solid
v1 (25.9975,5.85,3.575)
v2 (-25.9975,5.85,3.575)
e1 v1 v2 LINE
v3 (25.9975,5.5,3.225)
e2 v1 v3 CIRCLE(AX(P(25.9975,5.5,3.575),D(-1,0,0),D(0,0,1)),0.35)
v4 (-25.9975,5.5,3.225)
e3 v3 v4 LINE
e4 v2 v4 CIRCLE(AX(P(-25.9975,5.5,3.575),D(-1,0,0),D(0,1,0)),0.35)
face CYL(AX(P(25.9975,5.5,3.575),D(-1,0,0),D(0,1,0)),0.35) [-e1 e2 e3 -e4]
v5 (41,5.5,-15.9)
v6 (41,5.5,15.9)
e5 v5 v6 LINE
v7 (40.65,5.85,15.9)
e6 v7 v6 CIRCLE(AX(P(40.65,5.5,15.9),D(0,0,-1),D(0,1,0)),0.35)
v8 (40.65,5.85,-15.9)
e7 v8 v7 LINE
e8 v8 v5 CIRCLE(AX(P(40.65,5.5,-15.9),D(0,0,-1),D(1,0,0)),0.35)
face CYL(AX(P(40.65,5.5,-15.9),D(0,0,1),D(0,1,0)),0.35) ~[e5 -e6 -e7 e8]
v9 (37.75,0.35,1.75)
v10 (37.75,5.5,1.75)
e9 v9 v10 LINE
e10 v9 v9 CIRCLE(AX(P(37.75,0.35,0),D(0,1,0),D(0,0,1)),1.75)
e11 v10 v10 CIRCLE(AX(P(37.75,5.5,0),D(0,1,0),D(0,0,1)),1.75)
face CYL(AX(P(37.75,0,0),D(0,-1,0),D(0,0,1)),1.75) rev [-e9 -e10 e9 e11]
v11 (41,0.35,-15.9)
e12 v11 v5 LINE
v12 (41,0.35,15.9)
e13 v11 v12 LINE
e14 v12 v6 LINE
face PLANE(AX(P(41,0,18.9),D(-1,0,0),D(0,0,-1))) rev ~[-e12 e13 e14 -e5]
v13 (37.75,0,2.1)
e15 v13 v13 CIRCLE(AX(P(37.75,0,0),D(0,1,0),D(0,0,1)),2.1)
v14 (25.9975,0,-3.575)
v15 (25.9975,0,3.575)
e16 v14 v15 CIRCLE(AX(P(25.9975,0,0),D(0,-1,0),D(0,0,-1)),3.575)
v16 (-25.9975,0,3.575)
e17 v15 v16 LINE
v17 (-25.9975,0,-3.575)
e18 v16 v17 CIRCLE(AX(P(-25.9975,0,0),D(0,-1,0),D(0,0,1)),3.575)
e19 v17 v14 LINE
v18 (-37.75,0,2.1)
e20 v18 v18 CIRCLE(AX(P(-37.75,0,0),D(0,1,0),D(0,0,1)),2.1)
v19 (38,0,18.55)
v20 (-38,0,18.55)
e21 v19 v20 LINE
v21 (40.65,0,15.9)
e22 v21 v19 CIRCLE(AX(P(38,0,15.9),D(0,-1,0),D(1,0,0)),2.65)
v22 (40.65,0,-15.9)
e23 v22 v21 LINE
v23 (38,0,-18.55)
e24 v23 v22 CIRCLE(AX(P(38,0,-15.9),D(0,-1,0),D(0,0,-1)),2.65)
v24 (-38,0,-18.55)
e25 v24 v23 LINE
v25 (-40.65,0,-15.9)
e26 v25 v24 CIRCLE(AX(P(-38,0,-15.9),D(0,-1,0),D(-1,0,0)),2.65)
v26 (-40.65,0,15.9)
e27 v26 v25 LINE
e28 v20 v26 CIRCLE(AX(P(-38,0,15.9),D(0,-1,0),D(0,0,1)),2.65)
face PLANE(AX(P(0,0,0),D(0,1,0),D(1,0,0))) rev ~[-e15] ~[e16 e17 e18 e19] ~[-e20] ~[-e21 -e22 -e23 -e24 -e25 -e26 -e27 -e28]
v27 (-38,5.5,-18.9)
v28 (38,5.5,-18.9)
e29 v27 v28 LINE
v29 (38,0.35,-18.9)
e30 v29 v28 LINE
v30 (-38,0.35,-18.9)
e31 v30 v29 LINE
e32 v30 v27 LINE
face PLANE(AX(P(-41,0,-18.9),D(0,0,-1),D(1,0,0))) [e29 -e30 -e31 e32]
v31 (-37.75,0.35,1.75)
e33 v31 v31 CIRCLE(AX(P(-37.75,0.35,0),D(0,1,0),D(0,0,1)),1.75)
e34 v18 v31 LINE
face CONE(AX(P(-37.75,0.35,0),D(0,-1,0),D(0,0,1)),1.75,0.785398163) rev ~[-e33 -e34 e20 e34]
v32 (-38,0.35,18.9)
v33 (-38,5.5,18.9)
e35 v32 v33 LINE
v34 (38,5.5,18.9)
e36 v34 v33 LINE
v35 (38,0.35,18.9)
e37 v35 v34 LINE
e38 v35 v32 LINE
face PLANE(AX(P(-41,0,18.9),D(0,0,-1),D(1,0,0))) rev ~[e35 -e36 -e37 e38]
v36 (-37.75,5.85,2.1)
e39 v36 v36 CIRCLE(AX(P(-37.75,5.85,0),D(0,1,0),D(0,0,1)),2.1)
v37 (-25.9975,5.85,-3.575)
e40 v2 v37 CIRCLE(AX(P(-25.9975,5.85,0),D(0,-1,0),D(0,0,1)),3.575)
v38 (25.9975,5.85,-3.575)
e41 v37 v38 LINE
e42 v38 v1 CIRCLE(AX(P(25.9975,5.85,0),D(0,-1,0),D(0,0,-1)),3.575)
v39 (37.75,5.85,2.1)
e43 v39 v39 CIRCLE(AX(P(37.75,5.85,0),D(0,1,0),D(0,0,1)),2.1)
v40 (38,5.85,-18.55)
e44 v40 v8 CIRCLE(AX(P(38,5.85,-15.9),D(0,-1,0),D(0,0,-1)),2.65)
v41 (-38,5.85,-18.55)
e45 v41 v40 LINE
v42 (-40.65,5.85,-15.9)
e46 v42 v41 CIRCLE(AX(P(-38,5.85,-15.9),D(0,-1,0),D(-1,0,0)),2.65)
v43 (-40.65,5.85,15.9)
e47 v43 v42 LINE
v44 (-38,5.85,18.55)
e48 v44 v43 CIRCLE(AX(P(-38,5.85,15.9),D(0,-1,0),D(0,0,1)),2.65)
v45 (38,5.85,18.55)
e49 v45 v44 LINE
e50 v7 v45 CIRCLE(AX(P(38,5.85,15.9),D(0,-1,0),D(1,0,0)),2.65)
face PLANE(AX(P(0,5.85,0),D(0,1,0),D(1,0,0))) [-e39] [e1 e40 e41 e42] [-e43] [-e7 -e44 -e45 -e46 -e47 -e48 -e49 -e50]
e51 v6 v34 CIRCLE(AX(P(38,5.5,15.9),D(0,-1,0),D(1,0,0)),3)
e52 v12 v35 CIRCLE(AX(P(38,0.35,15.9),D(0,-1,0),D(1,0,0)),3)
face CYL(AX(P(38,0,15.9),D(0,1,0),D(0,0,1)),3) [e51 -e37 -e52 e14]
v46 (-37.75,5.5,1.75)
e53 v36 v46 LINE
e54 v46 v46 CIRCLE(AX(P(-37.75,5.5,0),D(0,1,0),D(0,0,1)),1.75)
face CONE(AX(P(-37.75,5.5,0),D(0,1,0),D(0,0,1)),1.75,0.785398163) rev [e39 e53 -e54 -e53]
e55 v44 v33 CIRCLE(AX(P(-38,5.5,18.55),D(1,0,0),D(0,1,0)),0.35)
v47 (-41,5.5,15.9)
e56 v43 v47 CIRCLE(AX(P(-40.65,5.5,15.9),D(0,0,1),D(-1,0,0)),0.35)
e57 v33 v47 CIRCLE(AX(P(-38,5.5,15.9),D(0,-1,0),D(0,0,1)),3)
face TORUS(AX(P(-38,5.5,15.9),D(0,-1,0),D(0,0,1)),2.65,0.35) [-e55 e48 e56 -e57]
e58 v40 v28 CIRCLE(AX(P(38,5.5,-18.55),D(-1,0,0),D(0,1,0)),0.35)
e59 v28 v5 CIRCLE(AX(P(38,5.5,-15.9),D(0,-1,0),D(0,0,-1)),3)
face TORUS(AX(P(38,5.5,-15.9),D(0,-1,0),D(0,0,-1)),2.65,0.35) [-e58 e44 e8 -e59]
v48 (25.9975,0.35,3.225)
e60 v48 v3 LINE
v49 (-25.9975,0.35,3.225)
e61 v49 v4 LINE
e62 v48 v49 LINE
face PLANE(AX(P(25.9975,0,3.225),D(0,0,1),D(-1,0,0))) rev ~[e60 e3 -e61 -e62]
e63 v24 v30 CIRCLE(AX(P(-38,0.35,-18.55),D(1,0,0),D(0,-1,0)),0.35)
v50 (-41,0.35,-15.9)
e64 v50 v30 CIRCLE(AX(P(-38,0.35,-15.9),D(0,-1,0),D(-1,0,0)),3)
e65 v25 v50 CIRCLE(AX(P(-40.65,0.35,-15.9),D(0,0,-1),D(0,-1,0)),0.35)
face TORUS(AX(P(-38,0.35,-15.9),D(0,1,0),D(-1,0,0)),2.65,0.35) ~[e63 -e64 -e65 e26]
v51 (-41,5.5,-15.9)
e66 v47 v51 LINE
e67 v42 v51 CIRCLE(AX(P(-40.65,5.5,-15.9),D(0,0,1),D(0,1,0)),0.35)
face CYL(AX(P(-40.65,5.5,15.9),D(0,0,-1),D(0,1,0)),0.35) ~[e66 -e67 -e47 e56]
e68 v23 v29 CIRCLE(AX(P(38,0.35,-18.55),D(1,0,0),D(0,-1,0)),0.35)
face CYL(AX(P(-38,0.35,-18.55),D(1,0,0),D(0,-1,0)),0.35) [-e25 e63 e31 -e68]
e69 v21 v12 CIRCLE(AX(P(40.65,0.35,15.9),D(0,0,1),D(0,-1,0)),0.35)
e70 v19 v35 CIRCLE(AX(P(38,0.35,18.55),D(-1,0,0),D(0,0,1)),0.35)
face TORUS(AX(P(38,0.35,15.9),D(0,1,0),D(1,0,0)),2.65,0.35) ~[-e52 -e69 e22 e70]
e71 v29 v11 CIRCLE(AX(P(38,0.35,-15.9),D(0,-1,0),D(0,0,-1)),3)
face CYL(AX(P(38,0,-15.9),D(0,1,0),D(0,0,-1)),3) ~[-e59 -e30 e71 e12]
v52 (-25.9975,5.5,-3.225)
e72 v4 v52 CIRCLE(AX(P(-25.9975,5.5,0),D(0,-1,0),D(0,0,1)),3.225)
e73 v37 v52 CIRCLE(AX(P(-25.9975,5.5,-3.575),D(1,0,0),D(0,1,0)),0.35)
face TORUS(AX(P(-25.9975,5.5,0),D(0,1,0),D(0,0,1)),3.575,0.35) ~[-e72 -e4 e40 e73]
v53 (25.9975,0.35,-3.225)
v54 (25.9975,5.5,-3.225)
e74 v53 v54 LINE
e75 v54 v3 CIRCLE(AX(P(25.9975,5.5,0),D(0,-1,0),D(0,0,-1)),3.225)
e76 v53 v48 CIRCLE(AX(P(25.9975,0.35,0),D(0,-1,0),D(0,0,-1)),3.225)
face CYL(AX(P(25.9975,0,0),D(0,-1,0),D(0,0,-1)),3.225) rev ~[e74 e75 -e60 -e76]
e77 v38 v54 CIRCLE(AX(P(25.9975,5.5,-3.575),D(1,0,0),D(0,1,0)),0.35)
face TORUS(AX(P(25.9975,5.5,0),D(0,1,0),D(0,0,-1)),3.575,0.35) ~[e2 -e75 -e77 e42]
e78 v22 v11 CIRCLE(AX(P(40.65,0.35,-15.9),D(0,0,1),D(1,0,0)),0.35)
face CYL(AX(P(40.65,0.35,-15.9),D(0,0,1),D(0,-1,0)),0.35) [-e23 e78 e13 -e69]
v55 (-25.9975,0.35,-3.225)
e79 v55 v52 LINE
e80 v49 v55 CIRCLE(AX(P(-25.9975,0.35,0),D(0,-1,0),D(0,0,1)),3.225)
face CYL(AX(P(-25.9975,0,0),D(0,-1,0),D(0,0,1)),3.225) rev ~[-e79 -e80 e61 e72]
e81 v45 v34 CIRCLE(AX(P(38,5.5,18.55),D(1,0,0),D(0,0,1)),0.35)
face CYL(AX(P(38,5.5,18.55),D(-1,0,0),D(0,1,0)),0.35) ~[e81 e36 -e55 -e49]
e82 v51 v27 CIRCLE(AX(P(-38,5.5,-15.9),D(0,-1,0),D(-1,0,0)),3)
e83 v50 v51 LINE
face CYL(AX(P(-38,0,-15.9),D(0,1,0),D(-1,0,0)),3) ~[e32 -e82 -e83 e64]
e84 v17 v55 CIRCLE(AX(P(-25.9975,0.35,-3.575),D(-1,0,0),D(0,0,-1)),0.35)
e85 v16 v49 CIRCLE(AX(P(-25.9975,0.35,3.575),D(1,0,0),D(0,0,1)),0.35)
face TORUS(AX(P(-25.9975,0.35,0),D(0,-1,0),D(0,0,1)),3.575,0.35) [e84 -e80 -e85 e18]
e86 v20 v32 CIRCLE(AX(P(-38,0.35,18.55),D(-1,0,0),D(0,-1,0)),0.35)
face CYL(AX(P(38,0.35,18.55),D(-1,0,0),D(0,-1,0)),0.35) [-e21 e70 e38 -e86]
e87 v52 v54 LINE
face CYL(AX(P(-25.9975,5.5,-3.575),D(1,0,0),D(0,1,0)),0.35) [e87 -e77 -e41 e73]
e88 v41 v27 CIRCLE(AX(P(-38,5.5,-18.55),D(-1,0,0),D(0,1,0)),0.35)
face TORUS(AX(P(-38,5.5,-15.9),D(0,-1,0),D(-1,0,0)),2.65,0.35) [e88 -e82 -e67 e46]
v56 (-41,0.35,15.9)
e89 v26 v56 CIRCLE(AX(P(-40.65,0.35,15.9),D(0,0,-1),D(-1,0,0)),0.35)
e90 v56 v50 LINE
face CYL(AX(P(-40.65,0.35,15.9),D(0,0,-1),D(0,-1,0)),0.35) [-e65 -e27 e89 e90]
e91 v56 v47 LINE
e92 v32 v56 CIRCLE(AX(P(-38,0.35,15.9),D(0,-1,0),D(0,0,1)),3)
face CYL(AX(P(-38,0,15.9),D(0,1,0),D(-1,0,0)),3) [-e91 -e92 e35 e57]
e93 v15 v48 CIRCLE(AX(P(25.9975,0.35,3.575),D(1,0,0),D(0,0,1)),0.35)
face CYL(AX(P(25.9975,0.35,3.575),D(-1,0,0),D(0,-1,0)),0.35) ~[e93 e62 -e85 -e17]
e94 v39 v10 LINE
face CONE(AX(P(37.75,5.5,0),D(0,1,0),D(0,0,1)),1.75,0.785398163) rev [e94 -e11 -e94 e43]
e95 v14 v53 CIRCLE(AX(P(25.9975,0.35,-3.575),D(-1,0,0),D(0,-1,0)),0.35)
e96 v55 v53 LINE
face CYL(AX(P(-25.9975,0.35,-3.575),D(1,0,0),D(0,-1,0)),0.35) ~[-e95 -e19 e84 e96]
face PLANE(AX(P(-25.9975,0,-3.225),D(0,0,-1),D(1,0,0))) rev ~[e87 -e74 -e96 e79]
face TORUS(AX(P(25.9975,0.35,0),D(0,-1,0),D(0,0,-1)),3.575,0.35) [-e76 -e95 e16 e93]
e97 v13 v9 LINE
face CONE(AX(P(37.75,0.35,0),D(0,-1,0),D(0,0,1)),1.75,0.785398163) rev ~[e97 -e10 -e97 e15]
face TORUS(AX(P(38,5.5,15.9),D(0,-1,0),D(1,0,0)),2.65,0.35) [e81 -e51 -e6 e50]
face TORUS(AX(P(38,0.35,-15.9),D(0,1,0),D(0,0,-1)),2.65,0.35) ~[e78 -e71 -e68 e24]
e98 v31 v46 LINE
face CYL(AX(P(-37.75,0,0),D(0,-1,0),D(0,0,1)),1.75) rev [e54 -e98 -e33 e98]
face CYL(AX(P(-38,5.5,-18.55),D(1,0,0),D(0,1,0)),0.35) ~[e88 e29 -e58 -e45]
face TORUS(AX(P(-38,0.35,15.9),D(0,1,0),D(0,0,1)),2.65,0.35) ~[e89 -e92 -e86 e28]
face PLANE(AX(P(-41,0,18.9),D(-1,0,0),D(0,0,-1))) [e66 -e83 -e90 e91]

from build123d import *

# Parameters (mm, degrees)
SKETCH1_W           = 82
SKETCH1_H           = 37.8
SKETCH1_R           = 1.75
BOSS_EXTRUDE1_DEPTH = 5.85
FILLET2_R           = 3
FILLET3_R           = 0.35
CHAMFER1_SIZE       = 0.35


with BuildPart() as part:
    # Sketch1 → Boss-Extrude1 (new body)
    with BuildSketch(Plane(origin=(0, 0, 0), x_dir=(1, 0, 0), z_dir=(0, 1, 0))):
        Rectangle(SKETCH1_W, SKETCH1_H)
        with Locations(Location((37.75, 0, 0), (0, 0, 270))):
            Circle(SKETCH1_R, mode=Mode.SUBTRACT)
        with Locations(Location((-37.75, 0, 0), (0, 0, 270))):
            Circle(SKETCH1_R, mode=Mode.SUBTRACT)
        with BuildLine():
            Line((-25.9975, 3.225), (-13.623486154, 3.225))
            Line((-13.623486154, 3.225), (13.623486154, 3.225))
            Line((13.623486154, 3.225), (25.9975, 3.225))
            ThreePointArc((25.9975, 3.225), (29.2225, 0), (25.9975, -3.225))
            Line((25.9975, -3.225), (13.623486154, -3.225))
            Line((13.623486154, -3.225), (-13.623486154, -3.225))
            Line((-13.623486154, -3.225), (-25.9975, -3.225))
            ThreePointArc((-25.9975, -3.225), (-29.2225, 0), (-25.9975, 3.225))
        make_face(mode=Mode.SUBTRACT)
    extrude(amount=BOSS_EXTRUDE1_DEPTH)

    # Fillet2
    fillet2_edges = [part.edges().sort_by_distance(p)[0] for p in [
        (-41, 2.925, -18.9),
        (41, 2.925, -18.9),
        (41, 2.925, 18.9),
        (-41, 2.925, 18.9),
    ]]
    fillet(fillet2_edges, radius=FILLET2_R)

    # Fillet3
    fillet3_edges = [part.edges().sort_by_distance(p)[0] for p in [
        (-29.2225, 0, 0),
        (0, 0, 3.225),
        (29.2225, 0, 0),
        (0, 0, -3.225),
        (0, 5.85, -3.225),
        (-29.2225, 5.85, 0),
        (0, 5.85, 3.225),
        (29.2225, 5.85, 0),
        (0, 0, -18.9),
        (0, 5.85, -18.9),
        (-41, 0, 0),
        (41, 0, 0),
        (0, 0, 18.9),
        (-40.121320344, 0, 18.021320344),
        (-40.121320344, 0, -18.021320344),
        (40.121320344, 0, 18.021320344),
        (40.121320344, 0, -18.021320344),
        (41, 5.85, 0),
        (-41, 5.85, 0),
        (0, 5.85, 18.9),
        (-40.121320344, 5.85, 18.021320344),
        (-40.121320344, 5.85, -18.021320344),
        (40.121320344, 5.85, 18.021320344),
        (40.121320344, 5.85, -18.021320344),
    ]]
    fillet(fillet3_edges, radius=FILLET3_R)

    # Chamfer1
    chamfer1_edges = [part.edges().sort_by_distance(p)[0] for p in [
        (37.75, 0, -1.75),
        (37.75, 5.85, -1.75),
        (-37.75, 0, -1.75),
        (-37.75, 5.85, -1.75),
    ]]
    chamfer(chamfer1_edges, length=CHAMFER1_SIZE)


solid = part.part
